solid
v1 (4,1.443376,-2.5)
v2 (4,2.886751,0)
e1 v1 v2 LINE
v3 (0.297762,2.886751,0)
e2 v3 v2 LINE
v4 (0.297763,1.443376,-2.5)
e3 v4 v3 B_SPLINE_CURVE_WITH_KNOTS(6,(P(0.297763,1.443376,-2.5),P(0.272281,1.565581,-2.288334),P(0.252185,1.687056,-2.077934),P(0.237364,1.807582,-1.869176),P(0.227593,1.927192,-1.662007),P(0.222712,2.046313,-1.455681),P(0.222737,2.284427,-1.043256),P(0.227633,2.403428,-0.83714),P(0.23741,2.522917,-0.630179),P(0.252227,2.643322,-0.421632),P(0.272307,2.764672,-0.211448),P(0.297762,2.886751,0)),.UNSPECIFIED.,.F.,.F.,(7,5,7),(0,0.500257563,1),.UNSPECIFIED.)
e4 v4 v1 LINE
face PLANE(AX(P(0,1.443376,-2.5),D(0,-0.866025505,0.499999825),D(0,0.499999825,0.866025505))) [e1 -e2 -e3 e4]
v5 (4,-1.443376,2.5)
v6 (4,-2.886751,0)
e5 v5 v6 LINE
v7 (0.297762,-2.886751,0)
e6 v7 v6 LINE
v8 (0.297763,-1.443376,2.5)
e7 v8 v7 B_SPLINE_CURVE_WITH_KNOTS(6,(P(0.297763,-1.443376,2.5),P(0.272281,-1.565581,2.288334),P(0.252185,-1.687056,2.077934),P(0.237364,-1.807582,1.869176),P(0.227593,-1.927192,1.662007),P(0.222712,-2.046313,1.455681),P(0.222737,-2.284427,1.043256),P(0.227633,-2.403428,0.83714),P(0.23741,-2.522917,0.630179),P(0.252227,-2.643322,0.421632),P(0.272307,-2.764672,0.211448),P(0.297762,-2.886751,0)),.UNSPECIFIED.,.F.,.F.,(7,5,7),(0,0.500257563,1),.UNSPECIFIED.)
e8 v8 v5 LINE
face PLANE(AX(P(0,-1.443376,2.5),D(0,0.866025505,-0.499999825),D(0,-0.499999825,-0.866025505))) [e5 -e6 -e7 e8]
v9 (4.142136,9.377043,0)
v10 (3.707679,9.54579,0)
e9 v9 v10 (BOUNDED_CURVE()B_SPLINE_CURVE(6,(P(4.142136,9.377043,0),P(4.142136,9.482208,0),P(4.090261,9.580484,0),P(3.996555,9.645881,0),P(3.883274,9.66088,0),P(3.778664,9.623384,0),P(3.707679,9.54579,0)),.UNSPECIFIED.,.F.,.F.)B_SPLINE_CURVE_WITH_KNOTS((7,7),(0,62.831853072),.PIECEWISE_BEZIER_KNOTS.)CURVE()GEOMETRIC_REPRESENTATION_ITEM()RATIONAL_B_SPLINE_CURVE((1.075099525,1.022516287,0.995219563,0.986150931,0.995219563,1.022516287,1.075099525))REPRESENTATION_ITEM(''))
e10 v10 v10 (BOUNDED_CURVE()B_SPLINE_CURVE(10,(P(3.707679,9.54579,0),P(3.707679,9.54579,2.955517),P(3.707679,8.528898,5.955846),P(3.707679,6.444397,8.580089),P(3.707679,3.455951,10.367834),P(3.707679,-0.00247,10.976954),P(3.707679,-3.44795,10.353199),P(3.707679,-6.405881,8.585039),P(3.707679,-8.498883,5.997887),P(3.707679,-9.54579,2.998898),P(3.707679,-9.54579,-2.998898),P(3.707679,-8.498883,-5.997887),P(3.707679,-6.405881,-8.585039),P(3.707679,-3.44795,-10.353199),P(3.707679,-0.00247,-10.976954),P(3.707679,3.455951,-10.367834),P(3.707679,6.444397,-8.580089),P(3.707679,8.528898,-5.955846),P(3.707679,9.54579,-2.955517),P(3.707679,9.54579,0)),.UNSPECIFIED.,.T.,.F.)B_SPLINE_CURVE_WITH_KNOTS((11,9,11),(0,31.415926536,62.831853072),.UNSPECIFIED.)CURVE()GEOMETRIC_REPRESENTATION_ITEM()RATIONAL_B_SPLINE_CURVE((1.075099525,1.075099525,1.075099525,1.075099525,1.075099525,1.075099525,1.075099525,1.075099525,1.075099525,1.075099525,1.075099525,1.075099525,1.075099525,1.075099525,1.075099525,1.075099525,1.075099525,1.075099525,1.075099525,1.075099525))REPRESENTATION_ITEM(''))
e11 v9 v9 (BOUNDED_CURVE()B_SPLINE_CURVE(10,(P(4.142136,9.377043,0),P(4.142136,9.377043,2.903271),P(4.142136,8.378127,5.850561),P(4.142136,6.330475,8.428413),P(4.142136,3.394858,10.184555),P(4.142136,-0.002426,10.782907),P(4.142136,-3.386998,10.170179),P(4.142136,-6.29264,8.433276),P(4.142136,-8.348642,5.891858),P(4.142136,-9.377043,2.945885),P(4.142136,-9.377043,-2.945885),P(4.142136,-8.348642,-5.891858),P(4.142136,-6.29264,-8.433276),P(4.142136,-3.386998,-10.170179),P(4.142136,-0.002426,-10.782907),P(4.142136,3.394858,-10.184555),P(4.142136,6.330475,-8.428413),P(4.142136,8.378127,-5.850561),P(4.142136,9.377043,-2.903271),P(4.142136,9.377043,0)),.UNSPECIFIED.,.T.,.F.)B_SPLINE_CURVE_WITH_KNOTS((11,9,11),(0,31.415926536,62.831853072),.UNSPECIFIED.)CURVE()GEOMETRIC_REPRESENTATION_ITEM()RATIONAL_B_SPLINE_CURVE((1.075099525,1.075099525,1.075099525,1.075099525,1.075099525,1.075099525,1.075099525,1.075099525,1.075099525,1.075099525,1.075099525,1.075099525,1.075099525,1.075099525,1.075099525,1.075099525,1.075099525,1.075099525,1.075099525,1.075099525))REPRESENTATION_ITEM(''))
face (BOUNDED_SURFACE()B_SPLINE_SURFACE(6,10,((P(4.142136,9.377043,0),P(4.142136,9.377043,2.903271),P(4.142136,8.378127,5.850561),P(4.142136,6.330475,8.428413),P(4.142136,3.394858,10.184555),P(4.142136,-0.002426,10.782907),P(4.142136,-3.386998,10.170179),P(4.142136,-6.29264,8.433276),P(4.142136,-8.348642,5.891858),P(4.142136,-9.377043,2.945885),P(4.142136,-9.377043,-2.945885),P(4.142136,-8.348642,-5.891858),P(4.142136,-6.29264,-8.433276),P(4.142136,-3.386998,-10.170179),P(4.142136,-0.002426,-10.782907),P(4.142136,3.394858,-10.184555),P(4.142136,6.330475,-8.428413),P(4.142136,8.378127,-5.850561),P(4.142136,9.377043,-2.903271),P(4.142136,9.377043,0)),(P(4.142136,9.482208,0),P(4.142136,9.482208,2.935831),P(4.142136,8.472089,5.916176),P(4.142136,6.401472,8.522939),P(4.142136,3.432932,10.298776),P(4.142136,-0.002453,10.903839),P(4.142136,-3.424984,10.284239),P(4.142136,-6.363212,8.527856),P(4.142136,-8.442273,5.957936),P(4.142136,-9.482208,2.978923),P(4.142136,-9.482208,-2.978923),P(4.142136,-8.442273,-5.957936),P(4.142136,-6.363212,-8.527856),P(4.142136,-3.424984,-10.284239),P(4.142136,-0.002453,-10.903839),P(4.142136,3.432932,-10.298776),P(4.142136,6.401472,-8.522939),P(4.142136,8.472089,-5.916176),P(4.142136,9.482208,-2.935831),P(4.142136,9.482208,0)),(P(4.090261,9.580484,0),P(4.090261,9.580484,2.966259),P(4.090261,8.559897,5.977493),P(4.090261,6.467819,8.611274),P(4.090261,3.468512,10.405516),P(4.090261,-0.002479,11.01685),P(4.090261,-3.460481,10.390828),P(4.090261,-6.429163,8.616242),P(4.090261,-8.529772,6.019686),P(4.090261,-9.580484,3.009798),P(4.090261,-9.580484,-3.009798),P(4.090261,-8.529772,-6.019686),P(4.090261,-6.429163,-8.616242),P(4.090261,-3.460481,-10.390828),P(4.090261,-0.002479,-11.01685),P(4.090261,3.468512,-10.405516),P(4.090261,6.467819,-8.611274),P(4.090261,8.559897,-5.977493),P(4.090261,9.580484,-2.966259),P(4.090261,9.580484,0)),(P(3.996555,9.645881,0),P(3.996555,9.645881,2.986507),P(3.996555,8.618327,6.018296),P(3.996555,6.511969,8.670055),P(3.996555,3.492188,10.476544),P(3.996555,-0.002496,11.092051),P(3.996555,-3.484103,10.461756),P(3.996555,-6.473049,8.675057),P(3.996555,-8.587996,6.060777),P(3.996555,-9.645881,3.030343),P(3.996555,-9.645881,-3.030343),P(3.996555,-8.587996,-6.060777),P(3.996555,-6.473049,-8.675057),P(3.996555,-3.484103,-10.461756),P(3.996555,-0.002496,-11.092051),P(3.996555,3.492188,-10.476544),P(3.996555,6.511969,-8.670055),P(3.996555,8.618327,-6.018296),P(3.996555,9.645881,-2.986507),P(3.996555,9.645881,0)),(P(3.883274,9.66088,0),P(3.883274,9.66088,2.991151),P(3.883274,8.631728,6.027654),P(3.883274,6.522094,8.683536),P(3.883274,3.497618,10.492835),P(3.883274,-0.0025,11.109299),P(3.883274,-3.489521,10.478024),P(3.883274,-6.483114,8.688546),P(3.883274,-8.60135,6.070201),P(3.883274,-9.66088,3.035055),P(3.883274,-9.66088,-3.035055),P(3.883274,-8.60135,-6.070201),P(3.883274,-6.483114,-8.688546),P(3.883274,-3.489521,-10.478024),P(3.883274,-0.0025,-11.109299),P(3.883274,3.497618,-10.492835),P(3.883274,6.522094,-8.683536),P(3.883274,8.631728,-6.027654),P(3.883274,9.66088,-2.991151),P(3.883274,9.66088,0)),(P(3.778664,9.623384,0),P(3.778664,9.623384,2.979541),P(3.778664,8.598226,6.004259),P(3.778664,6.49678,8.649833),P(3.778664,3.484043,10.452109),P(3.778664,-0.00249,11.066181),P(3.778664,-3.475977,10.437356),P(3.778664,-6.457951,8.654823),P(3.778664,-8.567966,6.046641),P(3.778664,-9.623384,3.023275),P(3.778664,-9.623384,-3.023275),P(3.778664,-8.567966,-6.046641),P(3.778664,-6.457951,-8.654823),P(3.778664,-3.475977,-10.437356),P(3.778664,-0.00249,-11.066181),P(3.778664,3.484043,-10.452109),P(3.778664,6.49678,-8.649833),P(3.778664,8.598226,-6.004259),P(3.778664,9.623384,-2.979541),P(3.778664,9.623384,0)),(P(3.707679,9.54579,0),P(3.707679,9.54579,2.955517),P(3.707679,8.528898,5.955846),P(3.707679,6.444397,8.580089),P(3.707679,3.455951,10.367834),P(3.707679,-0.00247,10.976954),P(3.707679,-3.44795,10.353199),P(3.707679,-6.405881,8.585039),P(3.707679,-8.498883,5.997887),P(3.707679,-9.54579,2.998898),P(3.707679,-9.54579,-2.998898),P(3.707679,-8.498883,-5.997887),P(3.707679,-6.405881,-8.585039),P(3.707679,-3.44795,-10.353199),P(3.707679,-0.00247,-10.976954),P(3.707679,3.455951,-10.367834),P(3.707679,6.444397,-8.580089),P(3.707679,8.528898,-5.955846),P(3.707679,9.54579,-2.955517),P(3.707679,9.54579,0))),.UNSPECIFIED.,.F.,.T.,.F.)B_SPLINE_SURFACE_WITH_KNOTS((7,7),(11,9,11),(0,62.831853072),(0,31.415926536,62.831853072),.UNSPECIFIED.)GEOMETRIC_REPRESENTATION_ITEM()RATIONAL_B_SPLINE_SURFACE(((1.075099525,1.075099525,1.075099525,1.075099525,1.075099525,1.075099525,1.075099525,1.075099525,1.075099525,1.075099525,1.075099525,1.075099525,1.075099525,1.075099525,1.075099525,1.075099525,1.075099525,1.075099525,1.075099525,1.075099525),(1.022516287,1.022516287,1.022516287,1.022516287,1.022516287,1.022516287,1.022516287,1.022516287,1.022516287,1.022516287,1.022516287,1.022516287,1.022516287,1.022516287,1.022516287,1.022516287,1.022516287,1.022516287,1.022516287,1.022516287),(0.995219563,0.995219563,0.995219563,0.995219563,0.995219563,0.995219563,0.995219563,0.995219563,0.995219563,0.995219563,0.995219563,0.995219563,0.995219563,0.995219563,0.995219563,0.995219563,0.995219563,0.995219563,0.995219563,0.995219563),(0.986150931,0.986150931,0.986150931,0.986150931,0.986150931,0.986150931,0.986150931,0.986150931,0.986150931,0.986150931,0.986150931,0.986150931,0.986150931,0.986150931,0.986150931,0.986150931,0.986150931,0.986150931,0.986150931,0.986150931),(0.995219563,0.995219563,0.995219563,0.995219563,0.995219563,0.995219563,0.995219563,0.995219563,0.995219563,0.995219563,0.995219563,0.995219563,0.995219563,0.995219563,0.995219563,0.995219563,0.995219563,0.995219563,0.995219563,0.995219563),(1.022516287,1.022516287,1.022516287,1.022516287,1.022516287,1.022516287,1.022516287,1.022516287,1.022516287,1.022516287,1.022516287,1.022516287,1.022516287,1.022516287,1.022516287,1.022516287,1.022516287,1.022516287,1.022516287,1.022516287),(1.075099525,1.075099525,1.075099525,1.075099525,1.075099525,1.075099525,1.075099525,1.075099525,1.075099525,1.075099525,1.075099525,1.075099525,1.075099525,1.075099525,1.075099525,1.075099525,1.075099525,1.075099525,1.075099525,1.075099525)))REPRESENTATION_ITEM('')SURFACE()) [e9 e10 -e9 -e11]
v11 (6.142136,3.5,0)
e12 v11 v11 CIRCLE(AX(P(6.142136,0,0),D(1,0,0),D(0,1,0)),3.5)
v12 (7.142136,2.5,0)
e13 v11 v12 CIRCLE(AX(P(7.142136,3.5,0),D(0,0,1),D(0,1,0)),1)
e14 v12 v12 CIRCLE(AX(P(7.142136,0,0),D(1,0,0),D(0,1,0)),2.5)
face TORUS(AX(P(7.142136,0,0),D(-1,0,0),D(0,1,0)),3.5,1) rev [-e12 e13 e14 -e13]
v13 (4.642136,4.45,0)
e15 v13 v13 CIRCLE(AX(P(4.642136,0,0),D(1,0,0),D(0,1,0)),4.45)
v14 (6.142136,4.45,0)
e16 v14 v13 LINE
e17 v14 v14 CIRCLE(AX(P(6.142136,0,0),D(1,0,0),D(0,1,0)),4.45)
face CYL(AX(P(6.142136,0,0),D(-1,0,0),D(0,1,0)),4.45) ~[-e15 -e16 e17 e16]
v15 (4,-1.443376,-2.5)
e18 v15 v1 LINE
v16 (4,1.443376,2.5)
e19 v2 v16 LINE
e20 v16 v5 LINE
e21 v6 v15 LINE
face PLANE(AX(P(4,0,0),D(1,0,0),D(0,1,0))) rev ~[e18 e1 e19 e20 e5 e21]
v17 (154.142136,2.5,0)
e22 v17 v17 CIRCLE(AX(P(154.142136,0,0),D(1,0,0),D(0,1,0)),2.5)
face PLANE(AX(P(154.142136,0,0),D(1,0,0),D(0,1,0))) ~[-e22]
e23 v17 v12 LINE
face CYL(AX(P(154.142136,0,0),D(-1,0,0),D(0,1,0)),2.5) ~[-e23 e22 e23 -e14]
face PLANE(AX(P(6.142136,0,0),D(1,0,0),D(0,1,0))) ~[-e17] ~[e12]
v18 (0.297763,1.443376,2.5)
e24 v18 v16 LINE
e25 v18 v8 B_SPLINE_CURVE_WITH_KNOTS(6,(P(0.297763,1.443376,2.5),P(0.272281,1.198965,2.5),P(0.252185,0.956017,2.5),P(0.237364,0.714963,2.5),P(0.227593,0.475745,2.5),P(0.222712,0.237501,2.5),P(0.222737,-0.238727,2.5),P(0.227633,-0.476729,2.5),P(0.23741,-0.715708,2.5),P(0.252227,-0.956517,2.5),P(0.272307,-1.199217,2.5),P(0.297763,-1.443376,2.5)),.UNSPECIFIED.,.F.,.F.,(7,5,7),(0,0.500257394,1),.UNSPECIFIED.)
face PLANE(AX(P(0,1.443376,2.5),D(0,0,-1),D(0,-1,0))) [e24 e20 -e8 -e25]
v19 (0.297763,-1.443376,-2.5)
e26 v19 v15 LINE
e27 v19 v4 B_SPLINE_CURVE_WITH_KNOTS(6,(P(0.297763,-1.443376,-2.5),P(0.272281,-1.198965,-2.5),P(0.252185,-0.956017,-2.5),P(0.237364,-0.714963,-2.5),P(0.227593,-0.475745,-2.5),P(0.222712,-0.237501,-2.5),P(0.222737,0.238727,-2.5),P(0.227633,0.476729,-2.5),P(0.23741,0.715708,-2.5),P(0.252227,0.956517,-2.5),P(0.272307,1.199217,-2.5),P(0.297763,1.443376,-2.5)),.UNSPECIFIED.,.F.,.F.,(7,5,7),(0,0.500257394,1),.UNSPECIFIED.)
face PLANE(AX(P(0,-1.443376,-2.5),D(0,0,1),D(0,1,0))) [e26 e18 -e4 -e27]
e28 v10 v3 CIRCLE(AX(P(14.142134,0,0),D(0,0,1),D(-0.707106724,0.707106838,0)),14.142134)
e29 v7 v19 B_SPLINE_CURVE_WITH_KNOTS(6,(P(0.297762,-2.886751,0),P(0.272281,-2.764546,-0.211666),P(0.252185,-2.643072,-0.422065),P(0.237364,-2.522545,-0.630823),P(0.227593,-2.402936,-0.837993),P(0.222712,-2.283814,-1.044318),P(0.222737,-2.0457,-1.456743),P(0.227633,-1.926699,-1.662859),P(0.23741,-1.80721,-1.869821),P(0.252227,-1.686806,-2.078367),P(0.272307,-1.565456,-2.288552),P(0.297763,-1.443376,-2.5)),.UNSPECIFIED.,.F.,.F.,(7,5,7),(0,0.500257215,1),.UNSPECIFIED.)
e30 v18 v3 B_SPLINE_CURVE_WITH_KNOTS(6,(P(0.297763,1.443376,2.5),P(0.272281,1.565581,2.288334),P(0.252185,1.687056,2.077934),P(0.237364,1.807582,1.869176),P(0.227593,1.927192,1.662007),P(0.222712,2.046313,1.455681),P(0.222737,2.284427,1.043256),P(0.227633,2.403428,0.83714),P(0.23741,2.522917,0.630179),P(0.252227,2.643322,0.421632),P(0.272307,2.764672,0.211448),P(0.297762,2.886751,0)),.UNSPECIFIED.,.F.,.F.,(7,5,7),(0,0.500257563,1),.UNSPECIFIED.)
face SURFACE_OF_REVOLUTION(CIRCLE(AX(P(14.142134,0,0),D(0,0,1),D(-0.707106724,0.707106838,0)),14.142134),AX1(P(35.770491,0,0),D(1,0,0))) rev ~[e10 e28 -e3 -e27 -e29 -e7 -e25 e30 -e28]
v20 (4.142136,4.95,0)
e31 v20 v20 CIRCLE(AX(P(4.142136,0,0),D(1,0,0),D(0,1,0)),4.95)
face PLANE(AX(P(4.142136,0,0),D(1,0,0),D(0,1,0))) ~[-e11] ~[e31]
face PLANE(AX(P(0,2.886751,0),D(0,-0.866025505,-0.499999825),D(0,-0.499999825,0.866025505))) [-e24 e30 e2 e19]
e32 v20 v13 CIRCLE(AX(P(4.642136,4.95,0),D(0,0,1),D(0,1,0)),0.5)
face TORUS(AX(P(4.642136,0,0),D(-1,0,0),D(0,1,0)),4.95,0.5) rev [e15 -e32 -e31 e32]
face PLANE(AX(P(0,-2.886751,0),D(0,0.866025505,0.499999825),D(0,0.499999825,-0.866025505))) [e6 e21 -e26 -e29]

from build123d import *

# Parameters (mm, degrees)
F2_R     = 0.25
F3_R     = 0.5
F4_R     = 1
F6_DEPTH = 4


with BuildPart() as f1:
    # F0 (on Top) → F1 (revolve)
    with BuildSketch(Plane.XY):
        with BuildLine():
            Line((0, 0), (154.142136, 0))
            Line((154.142136, 0), (154.142136, 2.5))
            Line((154.142136, 2.5), (6.142136, 2.5))
            Line((6.142136, 2.5), (6.142136, 4.45))
            Line((6.142136, 4.45), (4.142136, 4.45))
            Line((4.142136, 4.45), (4.142136, 10))
            ThreePointArc((4.142136, 10), (1.076506, 5.411961), (0, 0))
        make_face()
    revolve(axis=Axis((35.770491, 0, 0), (1, 0, 0)))

    # F2
    f2_edges = [f1.edges().sort_by_distance(p)[0] for p in [
        (4.142136, -10, 0),
    ]]
    fillet(f2_edges, radius=F2_R)

    # F3
    f3_edges = [f1.edges().sort_by_distance(p)[0] for p in [
        (4.142136, -4.45, 0),
    ]]
    fillet(f3_edges, radius=F3_R)

    # F4
    f4_edges = [f1.edges().sort_by_distance(p)[0] for p in [
        (6.142136, -2.5, 0),
    ]]
    fillet(f4_edges, radius=F4_R)

    # F5 (on Right) → F6 (cut)
    with BuildSketch(Plane.YZ):
        Polygon((-2.886751, 0), (-1.443376, -2.5), (1.443376, -2.5), (2.886751, 0), (1.443376, 2.5), (-1.443376, 2.5), align=None)
    extrude(amount=F6_DEPTH, mode=Mode.SUBTRACT)


solid = f1.part
